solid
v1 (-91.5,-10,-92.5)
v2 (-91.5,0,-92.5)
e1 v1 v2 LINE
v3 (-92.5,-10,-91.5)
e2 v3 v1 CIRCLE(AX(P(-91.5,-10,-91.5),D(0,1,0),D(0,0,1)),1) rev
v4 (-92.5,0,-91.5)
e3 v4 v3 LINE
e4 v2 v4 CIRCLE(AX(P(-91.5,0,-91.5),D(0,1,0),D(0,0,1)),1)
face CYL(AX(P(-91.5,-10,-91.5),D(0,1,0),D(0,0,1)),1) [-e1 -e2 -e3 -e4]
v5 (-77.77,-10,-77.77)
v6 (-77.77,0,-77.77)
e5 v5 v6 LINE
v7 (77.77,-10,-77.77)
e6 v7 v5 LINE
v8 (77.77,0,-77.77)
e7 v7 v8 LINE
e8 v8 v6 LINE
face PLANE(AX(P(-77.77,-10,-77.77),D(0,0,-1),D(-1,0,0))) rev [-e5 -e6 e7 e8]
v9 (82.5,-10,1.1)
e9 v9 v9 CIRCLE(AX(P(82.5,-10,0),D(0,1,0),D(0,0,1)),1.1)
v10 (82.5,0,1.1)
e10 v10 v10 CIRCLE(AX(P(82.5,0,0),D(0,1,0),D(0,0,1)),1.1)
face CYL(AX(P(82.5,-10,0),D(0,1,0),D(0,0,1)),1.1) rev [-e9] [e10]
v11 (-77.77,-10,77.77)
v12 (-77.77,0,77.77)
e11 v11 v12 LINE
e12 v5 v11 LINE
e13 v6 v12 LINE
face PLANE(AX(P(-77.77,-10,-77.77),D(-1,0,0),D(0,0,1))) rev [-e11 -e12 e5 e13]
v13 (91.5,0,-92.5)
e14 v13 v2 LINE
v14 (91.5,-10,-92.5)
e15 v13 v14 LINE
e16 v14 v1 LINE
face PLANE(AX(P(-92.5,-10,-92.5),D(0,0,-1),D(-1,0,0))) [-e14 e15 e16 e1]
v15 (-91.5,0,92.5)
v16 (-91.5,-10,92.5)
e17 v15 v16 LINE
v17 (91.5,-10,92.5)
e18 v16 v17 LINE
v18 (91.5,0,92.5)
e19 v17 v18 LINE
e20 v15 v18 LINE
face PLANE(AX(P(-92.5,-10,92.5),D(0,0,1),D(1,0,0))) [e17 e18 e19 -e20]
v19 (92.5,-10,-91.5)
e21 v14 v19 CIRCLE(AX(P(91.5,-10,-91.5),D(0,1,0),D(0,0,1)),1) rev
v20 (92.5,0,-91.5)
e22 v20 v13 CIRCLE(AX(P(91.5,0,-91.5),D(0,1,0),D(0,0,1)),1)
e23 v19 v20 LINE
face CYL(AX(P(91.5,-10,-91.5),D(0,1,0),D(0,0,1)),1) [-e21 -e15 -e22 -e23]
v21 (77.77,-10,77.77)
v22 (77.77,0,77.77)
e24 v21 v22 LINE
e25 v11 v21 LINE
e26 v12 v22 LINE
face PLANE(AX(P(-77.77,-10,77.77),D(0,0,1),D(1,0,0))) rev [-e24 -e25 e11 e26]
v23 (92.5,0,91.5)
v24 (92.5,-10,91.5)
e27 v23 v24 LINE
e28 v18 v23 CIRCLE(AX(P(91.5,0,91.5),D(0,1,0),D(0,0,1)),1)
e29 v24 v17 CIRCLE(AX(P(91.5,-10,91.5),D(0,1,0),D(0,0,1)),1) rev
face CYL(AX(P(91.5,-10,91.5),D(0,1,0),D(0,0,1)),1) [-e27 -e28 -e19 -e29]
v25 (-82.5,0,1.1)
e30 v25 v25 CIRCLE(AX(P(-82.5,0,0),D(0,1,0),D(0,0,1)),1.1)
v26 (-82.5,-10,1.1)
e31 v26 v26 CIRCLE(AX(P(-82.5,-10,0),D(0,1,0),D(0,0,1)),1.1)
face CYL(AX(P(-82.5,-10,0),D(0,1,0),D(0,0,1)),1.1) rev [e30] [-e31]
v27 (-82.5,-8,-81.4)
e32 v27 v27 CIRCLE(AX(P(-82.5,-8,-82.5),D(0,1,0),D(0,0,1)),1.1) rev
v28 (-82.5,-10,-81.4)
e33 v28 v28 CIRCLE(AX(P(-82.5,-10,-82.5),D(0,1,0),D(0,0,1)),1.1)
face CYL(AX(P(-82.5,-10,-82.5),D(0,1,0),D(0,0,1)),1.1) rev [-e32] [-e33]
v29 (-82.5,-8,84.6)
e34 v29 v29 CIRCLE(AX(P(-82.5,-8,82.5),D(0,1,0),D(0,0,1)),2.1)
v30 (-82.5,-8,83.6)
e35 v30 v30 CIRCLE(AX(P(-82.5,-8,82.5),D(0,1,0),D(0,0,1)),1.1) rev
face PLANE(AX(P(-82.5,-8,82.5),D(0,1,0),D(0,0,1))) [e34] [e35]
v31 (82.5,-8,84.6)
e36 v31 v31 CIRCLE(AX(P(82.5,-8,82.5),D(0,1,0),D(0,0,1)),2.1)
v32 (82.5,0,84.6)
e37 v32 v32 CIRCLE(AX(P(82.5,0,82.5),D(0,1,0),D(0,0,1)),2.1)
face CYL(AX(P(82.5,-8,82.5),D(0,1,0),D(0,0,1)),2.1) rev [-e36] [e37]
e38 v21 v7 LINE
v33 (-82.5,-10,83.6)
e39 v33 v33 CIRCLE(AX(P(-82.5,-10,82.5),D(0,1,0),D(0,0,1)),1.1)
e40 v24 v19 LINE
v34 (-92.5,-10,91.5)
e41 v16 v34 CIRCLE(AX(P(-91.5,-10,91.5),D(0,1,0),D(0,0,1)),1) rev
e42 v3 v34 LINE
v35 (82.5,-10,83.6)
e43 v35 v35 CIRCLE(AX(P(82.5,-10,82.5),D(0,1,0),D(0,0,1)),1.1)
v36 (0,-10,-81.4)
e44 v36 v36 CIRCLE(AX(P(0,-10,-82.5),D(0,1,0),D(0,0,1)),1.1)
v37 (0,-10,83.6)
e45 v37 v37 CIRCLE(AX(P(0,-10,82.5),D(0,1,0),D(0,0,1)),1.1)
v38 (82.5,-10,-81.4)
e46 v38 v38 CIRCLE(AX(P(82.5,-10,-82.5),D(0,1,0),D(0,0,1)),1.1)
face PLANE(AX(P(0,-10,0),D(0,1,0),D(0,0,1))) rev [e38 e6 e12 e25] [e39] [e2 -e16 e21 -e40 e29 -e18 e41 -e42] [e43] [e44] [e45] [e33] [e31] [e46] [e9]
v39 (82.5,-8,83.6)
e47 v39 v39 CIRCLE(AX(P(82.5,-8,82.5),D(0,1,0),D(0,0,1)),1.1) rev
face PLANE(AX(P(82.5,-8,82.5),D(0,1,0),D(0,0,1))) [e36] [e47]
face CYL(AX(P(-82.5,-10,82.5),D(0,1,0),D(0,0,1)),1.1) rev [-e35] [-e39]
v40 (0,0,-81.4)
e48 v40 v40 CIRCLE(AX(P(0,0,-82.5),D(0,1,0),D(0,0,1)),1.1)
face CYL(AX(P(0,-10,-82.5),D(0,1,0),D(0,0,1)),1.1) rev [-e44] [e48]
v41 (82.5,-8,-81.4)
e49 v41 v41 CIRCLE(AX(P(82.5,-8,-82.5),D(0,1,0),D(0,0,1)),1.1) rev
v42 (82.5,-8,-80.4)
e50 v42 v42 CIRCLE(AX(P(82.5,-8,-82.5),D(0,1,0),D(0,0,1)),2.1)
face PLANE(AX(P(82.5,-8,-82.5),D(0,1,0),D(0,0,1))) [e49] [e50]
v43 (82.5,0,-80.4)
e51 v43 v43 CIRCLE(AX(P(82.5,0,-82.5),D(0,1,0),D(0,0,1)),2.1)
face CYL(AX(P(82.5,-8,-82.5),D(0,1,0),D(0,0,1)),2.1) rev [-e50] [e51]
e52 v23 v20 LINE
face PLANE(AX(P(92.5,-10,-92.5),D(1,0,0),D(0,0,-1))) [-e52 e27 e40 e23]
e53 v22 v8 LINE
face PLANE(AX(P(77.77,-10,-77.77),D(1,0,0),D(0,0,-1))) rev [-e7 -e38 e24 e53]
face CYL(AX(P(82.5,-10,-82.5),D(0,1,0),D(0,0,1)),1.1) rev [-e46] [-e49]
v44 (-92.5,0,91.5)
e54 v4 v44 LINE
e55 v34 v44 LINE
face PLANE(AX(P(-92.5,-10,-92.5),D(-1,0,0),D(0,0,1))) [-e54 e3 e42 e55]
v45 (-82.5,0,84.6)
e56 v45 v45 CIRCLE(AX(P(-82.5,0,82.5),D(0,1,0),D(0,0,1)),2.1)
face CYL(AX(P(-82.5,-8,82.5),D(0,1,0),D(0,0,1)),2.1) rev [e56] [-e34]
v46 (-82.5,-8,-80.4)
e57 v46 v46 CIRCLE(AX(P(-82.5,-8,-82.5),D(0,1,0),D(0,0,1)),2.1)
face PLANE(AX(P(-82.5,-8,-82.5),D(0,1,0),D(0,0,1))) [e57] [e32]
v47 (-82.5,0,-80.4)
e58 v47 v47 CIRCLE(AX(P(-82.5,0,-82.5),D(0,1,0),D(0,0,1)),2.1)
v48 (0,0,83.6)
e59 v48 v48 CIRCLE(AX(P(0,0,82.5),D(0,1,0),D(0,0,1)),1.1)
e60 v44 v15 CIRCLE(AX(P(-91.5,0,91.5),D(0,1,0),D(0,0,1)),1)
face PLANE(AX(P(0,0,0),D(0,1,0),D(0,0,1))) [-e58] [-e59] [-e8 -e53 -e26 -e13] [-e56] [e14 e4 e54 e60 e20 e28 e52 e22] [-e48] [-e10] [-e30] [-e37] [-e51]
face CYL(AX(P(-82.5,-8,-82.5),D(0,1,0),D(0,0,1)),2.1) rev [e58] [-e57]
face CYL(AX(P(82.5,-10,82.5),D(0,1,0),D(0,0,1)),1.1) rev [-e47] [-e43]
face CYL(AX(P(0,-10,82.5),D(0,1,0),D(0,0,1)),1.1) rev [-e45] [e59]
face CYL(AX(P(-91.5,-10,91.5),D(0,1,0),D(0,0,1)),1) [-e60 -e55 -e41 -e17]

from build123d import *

# Parameters (mm, degrees)
ESQUISSE2_W             = 185
ESQUISSE2_H             = 185
ESQUISSE2_R             = 1.1
ESQUISSE2_W_2           = 155.54
ESQUISSE2_H_2           = 155.54
BOSS_EXTRU_1_DEPTH      = 10
CONG_1_R                = 1
ESQUISSE3_R             = 2.1
ENL_V_MAT_EXTRU_1_DEPTH = 8


with BuildPart() as part:
    # Esquisse2 → Boss.-Extru.1 (new body)
    with BuildSketch(Plane(origin=(0, 0, 0), x_dir=(1, 0, 0), z_dir=(0, 1, 0))):
        Rectangle(ESQUISSE2_W, ESQUISSE2_H)
        with Locations(Location((-82.5, 82.5, 0), (0, 0, 270))):  # turned: the seam where the file's is
            Circle(ESQUISSE2_R, mode=Mode.SUBTRACT)
        with Locations(Location((82.5, 82.5, 0), (0, 0, 270))):  # turned: the seam where the file's is
            Circle(ESQUISSE2_R, mode=Mode.SUBTRACT)
        with Locations(Location((0, 82.5, 0), (0, 0, 270))):  # turned: the seam where the file's is
            Circle(ESQUISSE2_R, mode=Mode.SUBTRACT)
        with Locations(Location((-82.5, 0, 0), (0, 0, 270))):  # turned: the seam where the file's is
            Circle(ESQUISSE2_R, mode=Mode.SUBTRACT)
        with Locations(Location((82.5, 0, 0), (0, 0, 270))):  # turned: the seam where the file's is
            Circle(ESQUISSE2_R, mode=Mode.SUBTRACT)
        with Locations(Location((82.5, -82.5, 0), (0, 0, 270))):  # turned: the seam where the file's is
            Circle(ESQUISSE2_R, mode=Mode.SUBTRACT)
        with Locations(Location((0, -82.5, 0), (0, 0, 270))):  # turned: the seam where the file's is
            Circle(ESQUISSE2_R, mode=Mode.SUBTRACT)
        with Locations(Location((-82.5, -82.5, 0), (0, 0, 270))):  # turned: the seam where the file's is
            Circle(ESQUISSE2_R, mode=Mode.SUBTRACT)
        Rectangle(ESQUISSE2_W_2, ESQUISSE2_H_2, mode=Mode.SUBTRACT)
    extrude(amount=-BOSS_EXTRU_1_DEPTH)

    # Congé1
    cong_1_edges = [part.edges().sort_by_distance(p)[0] for p in [
        (-92.5, -5, -92.5),
        (92.5, -5, -92.5),
        (92.5, -5, 92.5),
        (-92.5, -5, 92.5),
    ]]
    fillet(cong_1_edges, radius=CONG_1_R)

    # Esquisse3 → Enlèv. mat.-Extru.1 (cut)
    with BuildSketch(Plane(origin=(0, 0, 0), x_dir=(1, 0, 0), z_dir=(0, 1, 0))):
        with Locations(Location((-82.5, -82.5, 0), (0, 0, 270))):  # turned: the seam where the file's is
            Circle(ESQUISSE3_R)
        with Locations(Location((-82.5, 82.5, 0), (0, 0, 270))):  # turned: the seam where the file's is
            Circle(ESQUISSE3_R)
        with Locations(Location((82.5, 82.5, 0), (0, 0, 270))):  # turned: the seam where the file's is
            Circle(ESQUISSE3_R)
        with Locations(Location((82.5, -82.5, 0), (0, 0, 270))):  # turned: the seam where the file's is
            Circle(ESQUISSE3_R)
    extrude(amount=-ENL_V_MAT_EXTRU_1_DEPTH, mode=Mode.SUBTRACT)


solid = part.part
